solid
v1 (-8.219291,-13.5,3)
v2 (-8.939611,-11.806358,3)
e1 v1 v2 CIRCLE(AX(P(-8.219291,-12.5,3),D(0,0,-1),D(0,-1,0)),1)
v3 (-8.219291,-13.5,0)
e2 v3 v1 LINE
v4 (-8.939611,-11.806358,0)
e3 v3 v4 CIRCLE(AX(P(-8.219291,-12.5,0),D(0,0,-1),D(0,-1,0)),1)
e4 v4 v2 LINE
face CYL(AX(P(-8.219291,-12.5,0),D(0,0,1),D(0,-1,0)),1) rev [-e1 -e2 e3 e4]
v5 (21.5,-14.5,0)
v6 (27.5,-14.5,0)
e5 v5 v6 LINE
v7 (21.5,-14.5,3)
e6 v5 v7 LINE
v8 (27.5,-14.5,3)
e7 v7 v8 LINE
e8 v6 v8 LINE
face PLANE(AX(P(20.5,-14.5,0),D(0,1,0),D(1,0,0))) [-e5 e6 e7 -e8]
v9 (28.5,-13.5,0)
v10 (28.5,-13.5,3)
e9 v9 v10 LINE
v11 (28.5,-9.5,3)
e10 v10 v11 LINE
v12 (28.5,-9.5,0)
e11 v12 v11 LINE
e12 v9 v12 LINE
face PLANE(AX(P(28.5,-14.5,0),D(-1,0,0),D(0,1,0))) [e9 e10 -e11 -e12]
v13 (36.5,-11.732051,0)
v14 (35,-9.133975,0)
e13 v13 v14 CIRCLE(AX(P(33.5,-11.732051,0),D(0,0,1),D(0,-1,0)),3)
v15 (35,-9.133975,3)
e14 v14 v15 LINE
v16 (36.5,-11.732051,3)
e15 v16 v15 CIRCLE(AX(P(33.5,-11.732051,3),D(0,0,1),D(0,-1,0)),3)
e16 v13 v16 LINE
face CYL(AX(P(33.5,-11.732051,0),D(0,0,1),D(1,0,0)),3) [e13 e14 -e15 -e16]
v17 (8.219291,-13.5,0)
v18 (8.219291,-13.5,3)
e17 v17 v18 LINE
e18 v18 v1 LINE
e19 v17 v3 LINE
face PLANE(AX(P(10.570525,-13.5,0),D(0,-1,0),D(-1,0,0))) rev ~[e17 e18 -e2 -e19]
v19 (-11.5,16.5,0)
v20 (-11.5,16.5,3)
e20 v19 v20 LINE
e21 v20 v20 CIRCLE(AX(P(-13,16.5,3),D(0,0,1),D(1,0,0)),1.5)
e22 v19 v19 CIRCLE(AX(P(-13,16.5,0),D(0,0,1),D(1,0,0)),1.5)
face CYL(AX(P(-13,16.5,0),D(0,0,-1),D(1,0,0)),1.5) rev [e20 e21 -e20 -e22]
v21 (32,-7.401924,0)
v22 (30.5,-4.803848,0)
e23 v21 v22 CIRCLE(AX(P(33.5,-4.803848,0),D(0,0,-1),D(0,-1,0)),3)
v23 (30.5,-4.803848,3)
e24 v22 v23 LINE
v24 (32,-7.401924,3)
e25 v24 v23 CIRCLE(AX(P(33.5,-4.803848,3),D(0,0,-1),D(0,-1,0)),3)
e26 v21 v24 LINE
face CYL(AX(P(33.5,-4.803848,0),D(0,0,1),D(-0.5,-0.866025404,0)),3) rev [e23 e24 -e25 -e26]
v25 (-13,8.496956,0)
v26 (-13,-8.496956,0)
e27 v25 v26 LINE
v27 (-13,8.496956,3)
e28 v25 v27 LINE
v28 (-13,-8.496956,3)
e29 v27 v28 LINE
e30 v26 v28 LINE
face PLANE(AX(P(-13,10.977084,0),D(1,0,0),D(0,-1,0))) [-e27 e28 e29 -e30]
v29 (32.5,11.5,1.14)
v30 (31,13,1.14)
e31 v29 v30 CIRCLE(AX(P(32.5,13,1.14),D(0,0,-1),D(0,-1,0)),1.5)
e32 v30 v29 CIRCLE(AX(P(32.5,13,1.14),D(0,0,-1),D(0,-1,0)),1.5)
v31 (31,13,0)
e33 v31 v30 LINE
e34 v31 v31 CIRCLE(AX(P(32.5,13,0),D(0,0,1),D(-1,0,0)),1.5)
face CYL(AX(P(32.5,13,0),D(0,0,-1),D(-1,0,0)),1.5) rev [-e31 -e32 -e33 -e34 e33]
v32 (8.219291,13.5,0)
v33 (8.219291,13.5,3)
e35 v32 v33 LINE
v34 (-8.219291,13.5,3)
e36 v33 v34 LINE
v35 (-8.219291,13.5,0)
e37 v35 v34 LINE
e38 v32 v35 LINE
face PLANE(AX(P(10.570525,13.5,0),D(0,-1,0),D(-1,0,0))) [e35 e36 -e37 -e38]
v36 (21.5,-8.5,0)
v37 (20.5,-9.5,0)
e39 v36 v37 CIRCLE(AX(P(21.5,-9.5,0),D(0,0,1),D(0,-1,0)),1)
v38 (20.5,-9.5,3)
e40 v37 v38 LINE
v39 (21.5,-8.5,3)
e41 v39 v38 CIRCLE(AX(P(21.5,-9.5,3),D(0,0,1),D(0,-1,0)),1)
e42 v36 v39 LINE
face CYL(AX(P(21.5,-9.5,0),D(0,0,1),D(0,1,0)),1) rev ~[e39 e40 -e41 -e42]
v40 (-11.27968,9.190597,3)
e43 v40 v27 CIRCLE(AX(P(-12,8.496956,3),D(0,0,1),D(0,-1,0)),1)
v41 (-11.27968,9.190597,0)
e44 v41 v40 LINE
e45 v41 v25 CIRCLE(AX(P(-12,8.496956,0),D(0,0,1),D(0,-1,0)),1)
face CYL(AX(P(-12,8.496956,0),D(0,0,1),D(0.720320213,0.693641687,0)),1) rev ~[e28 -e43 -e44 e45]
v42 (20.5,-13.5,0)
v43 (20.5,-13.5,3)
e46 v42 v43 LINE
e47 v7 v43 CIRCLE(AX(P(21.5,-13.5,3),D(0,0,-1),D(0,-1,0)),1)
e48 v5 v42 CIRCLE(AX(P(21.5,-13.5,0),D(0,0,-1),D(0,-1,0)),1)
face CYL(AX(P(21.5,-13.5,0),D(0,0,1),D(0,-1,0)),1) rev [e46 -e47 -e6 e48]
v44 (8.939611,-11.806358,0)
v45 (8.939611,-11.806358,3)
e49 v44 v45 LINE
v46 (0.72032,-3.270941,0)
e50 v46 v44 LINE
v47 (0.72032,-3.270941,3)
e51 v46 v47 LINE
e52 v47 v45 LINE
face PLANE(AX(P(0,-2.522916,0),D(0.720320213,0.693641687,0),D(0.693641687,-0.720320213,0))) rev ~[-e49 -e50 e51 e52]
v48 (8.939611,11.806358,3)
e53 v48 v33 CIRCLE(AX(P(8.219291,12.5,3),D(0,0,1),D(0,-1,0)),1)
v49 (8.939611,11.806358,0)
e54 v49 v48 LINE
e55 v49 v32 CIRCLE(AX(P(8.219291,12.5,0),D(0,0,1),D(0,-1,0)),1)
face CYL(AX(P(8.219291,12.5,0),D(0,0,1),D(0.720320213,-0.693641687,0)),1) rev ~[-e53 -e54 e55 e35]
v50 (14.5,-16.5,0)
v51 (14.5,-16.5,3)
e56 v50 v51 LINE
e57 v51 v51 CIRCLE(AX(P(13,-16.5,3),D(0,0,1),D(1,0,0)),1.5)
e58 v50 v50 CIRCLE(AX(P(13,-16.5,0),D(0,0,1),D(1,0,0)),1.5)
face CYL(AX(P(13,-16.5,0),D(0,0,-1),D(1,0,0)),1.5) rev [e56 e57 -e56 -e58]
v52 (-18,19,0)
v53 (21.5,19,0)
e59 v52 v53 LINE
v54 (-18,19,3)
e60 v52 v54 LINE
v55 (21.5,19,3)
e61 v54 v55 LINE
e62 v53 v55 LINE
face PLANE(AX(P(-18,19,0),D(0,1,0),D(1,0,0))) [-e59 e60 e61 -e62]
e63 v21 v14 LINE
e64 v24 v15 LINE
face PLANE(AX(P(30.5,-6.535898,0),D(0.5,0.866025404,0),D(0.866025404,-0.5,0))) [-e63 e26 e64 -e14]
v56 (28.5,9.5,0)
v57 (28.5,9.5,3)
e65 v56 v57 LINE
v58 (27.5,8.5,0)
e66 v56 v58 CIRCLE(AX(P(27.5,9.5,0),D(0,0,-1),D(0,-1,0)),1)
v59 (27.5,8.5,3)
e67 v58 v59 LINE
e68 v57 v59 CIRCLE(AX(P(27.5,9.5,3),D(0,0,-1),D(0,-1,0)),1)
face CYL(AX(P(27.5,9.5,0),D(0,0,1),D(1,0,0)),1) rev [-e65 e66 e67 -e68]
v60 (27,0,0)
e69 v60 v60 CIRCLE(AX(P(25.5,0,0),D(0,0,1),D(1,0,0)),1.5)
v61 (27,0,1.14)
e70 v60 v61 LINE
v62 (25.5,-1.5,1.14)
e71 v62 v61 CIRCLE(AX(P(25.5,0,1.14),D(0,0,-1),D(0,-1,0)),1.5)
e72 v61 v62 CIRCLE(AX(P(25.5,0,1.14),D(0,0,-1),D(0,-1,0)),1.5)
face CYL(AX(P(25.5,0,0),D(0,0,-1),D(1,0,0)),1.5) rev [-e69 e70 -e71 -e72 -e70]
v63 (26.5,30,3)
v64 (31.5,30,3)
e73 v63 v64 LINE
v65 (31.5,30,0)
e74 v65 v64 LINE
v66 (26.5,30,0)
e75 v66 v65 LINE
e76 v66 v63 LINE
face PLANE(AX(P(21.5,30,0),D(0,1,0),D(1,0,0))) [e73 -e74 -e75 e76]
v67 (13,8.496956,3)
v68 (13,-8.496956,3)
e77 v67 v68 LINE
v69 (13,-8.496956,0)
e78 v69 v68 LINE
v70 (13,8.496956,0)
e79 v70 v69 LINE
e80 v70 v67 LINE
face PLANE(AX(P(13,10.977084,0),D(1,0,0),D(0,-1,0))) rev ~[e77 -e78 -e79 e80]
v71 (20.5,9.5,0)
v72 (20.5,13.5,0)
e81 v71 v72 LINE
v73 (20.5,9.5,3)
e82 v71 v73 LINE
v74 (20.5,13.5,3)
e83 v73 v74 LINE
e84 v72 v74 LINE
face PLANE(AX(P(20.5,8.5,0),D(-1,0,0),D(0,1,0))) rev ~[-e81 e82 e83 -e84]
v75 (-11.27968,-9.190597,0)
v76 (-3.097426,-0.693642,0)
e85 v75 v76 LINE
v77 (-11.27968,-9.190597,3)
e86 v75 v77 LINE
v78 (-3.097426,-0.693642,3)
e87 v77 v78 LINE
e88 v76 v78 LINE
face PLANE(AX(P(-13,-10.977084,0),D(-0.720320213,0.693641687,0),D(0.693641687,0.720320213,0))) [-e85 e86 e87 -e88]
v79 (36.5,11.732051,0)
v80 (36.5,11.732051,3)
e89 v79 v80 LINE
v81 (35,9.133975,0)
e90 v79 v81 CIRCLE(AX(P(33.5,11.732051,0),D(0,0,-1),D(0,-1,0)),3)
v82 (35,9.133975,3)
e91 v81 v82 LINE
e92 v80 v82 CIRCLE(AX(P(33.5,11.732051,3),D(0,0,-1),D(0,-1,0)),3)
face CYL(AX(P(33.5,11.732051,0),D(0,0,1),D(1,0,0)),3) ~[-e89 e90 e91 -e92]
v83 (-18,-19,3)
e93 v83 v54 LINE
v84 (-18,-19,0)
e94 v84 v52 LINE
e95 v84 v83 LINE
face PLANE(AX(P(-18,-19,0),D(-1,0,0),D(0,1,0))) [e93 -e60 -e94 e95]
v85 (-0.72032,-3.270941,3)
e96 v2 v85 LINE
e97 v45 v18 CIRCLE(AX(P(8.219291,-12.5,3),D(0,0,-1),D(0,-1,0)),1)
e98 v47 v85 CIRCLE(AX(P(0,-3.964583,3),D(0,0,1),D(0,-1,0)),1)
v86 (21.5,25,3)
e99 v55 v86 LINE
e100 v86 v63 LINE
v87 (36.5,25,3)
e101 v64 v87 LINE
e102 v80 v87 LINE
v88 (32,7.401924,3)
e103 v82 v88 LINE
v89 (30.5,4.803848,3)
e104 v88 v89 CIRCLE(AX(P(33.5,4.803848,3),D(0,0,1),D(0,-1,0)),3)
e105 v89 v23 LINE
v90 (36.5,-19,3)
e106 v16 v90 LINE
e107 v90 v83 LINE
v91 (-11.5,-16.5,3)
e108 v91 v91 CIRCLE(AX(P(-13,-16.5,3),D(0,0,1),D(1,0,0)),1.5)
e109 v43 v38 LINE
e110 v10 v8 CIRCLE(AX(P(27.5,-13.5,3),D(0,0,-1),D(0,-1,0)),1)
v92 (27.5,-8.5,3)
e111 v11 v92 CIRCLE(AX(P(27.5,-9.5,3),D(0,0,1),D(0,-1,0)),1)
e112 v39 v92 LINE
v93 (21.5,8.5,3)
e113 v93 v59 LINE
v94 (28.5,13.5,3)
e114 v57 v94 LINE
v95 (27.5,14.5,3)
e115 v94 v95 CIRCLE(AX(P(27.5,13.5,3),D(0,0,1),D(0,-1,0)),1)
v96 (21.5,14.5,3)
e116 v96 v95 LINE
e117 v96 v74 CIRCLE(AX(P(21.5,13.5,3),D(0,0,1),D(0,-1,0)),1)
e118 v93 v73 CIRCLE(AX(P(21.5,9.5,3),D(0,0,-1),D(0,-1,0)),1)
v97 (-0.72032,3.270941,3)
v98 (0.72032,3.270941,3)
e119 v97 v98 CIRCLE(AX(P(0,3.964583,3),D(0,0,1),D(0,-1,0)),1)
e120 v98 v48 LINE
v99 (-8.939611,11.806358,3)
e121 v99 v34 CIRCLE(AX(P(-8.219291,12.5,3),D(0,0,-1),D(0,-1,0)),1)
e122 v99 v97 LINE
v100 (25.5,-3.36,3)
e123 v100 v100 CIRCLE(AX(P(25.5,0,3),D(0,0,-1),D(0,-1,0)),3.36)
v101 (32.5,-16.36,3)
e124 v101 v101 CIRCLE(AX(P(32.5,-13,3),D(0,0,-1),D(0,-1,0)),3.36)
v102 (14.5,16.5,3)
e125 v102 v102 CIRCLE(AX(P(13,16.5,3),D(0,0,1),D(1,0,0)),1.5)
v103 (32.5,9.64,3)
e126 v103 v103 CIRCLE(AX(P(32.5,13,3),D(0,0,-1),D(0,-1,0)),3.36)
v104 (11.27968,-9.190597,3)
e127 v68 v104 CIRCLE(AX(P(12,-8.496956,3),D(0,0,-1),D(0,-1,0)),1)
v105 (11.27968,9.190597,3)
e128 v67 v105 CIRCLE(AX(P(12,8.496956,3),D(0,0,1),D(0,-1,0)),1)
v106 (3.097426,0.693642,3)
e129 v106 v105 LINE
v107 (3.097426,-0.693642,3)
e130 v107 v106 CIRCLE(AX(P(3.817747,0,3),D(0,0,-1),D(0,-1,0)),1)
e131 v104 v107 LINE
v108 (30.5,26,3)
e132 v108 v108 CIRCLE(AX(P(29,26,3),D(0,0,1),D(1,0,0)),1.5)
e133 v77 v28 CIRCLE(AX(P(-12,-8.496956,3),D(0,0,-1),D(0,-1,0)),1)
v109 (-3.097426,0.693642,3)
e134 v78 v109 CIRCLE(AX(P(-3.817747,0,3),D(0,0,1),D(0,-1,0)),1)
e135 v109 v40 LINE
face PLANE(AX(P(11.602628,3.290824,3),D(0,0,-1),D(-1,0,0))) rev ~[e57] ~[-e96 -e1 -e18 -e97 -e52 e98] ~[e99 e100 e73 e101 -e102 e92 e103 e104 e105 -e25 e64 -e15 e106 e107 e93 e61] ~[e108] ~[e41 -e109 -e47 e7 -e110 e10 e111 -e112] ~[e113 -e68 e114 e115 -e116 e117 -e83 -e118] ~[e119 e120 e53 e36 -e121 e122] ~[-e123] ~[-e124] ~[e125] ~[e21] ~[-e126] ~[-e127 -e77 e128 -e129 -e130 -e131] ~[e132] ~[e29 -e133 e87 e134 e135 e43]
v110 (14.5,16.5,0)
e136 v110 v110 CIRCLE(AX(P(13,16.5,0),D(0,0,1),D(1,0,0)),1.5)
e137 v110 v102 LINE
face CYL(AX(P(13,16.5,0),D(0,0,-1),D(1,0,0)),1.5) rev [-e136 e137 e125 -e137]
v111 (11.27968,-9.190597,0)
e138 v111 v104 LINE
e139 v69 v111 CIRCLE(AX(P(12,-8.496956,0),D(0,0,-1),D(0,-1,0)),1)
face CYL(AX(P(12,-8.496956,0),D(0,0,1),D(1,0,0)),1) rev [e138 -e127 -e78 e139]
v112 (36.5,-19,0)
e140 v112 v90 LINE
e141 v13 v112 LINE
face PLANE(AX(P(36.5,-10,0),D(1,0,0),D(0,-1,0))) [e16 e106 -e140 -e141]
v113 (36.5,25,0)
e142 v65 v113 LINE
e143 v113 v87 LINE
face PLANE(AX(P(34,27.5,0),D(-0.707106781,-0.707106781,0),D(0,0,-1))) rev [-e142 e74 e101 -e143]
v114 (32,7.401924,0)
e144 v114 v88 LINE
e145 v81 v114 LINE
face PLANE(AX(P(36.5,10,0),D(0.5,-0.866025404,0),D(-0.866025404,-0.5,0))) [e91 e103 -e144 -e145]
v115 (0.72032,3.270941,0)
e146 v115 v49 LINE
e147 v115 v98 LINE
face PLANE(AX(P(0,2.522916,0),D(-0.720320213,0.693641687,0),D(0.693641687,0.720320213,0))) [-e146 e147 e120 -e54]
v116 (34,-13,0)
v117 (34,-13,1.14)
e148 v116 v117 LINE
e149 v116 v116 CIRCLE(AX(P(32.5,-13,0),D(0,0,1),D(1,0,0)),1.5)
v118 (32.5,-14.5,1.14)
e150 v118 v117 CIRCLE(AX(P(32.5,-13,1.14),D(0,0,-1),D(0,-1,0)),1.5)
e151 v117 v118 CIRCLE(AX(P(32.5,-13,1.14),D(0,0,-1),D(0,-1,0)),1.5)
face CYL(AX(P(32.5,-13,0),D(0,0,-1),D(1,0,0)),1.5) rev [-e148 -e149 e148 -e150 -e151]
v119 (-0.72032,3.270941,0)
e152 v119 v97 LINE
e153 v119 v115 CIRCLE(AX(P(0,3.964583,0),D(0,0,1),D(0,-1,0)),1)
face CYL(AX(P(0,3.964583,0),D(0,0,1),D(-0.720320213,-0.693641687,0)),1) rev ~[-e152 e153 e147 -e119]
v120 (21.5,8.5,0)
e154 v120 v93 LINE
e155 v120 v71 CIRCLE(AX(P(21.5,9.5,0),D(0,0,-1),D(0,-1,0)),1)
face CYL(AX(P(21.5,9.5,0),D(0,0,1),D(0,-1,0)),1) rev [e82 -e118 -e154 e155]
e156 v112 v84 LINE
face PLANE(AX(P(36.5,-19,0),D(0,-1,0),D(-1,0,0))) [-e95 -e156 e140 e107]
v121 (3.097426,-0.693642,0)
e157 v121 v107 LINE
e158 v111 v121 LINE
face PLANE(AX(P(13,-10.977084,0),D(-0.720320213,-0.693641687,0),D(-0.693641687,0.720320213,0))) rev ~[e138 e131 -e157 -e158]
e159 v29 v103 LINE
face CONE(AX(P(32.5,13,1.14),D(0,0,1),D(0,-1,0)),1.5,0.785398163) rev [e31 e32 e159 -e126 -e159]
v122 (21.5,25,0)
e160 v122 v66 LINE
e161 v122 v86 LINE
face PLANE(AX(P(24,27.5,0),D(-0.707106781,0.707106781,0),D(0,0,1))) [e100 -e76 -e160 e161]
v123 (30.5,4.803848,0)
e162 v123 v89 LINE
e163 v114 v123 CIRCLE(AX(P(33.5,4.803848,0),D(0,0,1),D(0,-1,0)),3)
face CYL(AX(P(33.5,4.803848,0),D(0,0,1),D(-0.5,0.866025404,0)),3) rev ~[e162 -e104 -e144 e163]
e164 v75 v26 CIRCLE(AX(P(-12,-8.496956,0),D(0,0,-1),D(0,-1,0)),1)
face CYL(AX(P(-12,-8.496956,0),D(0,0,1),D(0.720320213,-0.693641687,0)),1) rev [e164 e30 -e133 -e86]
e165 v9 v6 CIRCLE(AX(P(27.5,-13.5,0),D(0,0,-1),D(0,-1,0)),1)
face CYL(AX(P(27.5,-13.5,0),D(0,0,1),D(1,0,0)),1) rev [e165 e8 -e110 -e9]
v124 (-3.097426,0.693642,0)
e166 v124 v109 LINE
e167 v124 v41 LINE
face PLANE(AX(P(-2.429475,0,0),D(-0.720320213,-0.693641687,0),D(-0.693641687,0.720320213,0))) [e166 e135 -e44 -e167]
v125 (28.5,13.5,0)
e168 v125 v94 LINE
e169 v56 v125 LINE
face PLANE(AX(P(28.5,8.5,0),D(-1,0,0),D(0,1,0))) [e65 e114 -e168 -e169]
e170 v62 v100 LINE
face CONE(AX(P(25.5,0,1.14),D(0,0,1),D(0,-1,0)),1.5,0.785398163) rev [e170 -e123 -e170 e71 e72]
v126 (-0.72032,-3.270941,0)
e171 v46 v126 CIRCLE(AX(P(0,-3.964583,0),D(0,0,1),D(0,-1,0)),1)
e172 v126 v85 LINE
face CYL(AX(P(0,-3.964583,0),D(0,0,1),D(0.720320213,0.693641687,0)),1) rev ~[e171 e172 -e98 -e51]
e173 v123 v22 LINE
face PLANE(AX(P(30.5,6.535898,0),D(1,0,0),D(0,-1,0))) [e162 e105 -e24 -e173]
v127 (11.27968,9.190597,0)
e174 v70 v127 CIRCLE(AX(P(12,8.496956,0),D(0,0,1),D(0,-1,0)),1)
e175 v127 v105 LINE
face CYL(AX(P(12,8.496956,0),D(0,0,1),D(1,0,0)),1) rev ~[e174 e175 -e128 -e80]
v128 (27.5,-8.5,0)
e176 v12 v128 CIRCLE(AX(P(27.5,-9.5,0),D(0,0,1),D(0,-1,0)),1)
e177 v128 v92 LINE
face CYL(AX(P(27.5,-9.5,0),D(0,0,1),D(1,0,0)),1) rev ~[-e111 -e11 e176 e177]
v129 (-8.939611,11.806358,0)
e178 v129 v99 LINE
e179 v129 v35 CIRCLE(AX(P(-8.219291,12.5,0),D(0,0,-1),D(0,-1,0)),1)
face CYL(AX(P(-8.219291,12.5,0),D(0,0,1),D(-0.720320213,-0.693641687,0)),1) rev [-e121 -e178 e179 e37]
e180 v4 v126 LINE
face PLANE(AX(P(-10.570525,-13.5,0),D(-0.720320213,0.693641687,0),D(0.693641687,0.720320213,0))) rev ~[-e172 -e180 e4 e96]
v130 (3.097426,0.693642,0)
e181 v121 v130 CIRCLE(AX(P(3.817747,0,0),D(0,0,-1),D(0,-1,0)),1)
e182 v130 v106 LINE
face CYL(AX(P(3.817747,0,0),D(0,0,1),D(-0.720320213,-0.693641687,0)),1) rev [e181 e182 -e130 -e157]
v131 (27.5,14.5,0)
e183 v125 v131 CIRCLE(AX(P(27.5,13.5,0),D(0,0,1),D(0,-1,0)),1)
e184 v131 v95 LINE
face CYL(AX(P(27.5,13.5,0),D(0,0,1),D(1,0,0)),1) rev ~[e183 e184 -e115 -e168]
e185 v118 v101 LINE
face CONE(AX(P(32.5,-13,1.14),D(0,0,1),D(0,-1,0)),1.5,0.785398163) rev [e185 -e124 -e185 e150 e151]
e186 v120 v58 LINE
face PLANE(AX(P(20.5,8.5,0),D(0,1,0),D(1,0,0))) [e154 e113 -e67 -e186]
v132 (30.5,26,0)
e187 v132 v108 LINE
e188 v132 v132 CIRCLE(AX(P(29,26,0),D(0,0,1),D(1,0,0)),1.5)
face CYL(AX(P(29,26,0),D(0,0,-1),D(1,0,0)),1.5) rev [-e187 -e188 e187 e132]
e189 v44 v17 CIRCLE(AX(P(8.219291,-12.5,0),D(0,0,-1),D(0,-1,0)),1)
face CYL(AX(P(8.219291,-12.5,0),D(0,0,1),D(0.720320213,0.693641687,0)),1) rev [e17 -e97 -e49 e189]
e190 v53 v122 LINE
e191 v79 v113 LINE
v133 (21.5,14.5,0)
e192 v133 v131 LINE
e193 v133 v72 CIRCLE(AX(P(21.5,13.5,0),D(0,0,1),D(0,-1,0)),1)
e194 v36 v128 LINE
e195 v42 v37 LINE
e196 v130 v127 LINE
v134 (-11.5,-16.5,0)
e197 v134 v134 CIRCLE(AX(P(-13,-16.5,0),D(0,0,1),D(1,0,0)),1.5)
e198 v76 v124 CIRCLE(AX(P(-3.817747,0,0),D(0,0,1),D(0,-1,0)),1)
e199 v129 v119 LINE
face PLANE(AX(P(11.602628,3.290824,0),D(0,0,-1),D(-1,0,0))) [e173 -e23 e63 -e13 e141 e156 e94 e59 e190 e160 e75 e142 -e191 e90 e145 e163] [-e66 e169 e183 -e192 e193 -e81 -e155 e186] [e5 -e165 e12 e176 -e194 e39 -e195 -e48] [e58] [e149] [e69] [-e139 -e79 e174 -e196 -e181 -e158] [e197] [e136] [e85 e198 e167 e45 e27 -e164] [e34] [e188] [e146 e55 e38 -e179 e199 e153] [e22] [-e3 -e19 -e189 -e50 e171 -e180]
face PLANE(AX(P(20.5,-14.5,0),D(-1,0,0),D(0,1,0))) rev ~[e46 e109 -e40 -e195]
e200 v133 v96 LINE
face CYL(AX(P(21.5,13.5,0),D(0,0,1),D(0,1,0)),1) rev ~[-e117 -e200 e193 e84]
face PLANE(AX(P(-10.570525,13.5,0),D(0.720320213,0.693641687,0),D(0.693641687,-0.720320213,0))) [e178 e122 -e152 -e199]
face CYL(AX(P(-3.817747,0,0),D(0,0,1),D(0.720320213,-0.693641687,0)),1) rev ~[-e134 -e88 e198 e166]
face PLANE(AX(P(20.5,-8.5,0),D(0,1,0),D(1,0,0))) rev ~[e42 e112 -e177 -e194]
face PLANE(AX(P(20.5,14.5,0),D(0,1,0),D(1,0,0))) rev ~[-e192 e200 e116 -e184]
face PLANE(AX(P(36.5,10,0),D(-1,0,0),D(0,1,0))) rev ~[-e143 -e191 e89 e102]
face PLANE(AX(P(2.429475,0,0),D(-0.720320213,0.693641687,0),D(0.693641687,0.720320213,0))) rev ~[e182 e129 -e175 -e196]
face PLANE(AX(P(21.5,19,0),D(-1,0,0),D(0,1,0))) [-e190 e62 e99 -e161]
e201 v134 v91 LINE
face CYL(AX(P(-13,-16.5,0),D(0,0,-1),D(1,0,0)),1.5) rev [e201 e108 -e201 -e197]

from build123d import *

# Parameters (mm, degrees)
SKETCH_1_R                  = 1.5
SKETCH_1_W                  = 8
SKETCH_1_H                  = 6
EXTRUDE_1_DEPTH             = 3
HOLE_WIZARD_M3_1_AT_2_COUNT = 2
HOLE_WIZARD_M3_1_AT_2_PITCH = 14.76482306
HOLE_WIZARD_M3_1_AT_3_COUNT = 2
HOLE_WIZARD_M3_1_AT_3_PITCH = 26
FILLET_1_R                  = 1
CHAMFER_1_SIZE              = 5
FILLET_2_R                  = 3


with BuildPart() as part:
    # 草图1 → 凸台-拉伸1 (new body)
    with BuildSketch(Plane.XY):
        Polygon((36.5, -19), (-18, -19), (-18, 19), (21.5, 19), (21.5, 30), (36.5, 30), (36.5, 19), (36.5, 10), (30.5, 6.535898385), (30.5, -6.535898385), (36.5, -10), align=None)
        with Locations((-13, 16.5)):
            Circle(SKETCH_1_R, mode=Mode.SUBTRACT)
        with Locations((-13, -16.5)):
            Circle(SKETCH_1_R, mode=Mode.SUBTRACT)
        with Locations((13, -16.5)):
            Circle(SKETCH_1_R, mode=Mode.SUBTRACT)
        with Locations((13, 16.5)):
            Circle(SKETCH_1_R, mode=Mode.SUBTRACT)
        with Locations((32.5, -13)):
            Circle(SKETCH_1_R, mode=Mode.SUBTRACT)
        with Locations(Location((32.5, 13, 0), (0, 0, 180))):
            Circle(SKETCH_1_R, mode=Mode.SUBTRACT)
        with Locations((25.5, 0)):
            Circle(SKETCH_1_R, mode=Mode.SUBTRACT)
        with Locations((29, 26)):
            Circle(SKETCH_1_R, mode=Mode.SUBTRACT)
        with Locations((24.5, -11.5)):
            Rectangle(SKETCH_1_W, SKETCH_1_H, mode=Mode.SUBTRACT)
        with Locations((24.5, 11.5)):
            Rectangle(SKETCH_1_W, SKETCH_1_H, mode=Mode.SUBTRACT)
        Polygon((-13, -10.977083583), (-2.429475068, 0), (-13, 10.977083583), align=None, mode=Mode.SUBTRACT)
        Polygon((-10.570524932, -13.5), (0, -2.522916417), (10.570524932, -13.5), align=None, mode=Mode.SUBTRACT)
        Polygon((-10.570524932, 13.5), (0, 2.522916417), (10.570524932, 13.5), align=None, mode=Mode.SUBTRACT)
        Polygon((2.429475068, 0), (13, 10.977083583), (13, -10.977083583), align=None, mode=Mode.SUBTRACT)
    extrude(amount=EXTRUDE_1_DEPTH)

    # 草图2 → M3 六角凹锥坑螺钉的锥形沉头孔1 (revolve, cut)
    with BuildSketch(Plane(origin=(32.5, 13, 3), x_dir=(0, -1, 0), z_dir=(1, 0, 0))):
        Polygon((0, 0), (0, 3), (1.5, 3), (1.5, 1.86), (3.36, 0), align=None)
    hole_wizard_m3_1 = revolve(axis=Axis((32.5, 13, 9.35), (0, 0, -1)), mode=Mode.SUBTRACT)

    # M3 六角凹锥坑螺钉的锥形沉头孔1 at 2: M3 六角凹锥坑螺钉的锥形沉头孔1 ×2
    with Locations(*[Vector(-0.4740998230350173, -0.8804710999221754, 0) * (i * HOLE_WIZARD_M3_1_AT_2_PITCH) for i in range(1, HOLE_WIZARD_M3_1_AT_2_COUNT)]):
        add(hole_wizard_m3_1, mode=Mode.SUBTRACT)

    # M3 六角凹锥坑螺钉的锥形沉头孔1 at 3: M3 六角凹锥坑螺钉的锥形沉头孔1 ×2
    with Locations(*[(0, -i * HOLE_WIZARD_M3_1_AT_3_PITCH, 0) for i in range(1, HOLE_WIZARD_M3_1_AT_3_COUNT)]):
        add(hole_wizard_m3_1, mode=Mode.SUBTRACT)

    # 圆角1
    fillet_1_edges = [part.edges().sort_by_distance(p)[0] for p in [
        (-10.570524932, -13.5, 1.5),
        (10.570524932, -13.5, 1.5),
        (0, -2.522916417, 1.5),
        (13, -10.977083583, 1.5),
        (13, 10.977083583, 1.5),
        (2.429475068, 0, 1.5),
        (28.5, -8.5, 1.5),
        (20.5, -8.5, 1.5),
        (20.5, -14.5, 1.5),
        (28.5, -14.5, 1.5),
        (20.5, 14.5, 1.5),
        (20.5, 8.5, 1.5),
        (28.5, 8.5, 1.5),
        (28.5, 14.5, 1.5),
        (-13, 10.977083583, 1.5),
        (-13, -10.977083583, 1.5),
        (-2.429475068, 0, 1.5),
        (10.570524932, 13.5, 1.5),
        (-10.570524932, 13.5, 1.5),
        (0, 2.522916417, 1.5),
    ]]
    fillet(fillet_1_edges, radius=FILLET_1_R)

    # 倒角1
    chamfer_1_edges = [part.edges().sort_by_distance(p)[0] for p in [
        (21.5, 30, 1.5),
        (36.5, 30, 1.5),
    ]]
    chamfer(chamfer_1_edges, length=CHAMFER_1_SIZE)

    # 圆角2
    fillet_2_edges = [part.edges().sort_by_distance(p)[0] for p in [
        (36.5, 10, 1.5),
        (30.5, 6.535898385, 1.5),
        (30.5, -6.535898385, 1.5),
        (36.5, -10, 1.5),
    ]]
    fillet(fillet_2_edges, radius=FILLET_2_R)


solid = part.part
